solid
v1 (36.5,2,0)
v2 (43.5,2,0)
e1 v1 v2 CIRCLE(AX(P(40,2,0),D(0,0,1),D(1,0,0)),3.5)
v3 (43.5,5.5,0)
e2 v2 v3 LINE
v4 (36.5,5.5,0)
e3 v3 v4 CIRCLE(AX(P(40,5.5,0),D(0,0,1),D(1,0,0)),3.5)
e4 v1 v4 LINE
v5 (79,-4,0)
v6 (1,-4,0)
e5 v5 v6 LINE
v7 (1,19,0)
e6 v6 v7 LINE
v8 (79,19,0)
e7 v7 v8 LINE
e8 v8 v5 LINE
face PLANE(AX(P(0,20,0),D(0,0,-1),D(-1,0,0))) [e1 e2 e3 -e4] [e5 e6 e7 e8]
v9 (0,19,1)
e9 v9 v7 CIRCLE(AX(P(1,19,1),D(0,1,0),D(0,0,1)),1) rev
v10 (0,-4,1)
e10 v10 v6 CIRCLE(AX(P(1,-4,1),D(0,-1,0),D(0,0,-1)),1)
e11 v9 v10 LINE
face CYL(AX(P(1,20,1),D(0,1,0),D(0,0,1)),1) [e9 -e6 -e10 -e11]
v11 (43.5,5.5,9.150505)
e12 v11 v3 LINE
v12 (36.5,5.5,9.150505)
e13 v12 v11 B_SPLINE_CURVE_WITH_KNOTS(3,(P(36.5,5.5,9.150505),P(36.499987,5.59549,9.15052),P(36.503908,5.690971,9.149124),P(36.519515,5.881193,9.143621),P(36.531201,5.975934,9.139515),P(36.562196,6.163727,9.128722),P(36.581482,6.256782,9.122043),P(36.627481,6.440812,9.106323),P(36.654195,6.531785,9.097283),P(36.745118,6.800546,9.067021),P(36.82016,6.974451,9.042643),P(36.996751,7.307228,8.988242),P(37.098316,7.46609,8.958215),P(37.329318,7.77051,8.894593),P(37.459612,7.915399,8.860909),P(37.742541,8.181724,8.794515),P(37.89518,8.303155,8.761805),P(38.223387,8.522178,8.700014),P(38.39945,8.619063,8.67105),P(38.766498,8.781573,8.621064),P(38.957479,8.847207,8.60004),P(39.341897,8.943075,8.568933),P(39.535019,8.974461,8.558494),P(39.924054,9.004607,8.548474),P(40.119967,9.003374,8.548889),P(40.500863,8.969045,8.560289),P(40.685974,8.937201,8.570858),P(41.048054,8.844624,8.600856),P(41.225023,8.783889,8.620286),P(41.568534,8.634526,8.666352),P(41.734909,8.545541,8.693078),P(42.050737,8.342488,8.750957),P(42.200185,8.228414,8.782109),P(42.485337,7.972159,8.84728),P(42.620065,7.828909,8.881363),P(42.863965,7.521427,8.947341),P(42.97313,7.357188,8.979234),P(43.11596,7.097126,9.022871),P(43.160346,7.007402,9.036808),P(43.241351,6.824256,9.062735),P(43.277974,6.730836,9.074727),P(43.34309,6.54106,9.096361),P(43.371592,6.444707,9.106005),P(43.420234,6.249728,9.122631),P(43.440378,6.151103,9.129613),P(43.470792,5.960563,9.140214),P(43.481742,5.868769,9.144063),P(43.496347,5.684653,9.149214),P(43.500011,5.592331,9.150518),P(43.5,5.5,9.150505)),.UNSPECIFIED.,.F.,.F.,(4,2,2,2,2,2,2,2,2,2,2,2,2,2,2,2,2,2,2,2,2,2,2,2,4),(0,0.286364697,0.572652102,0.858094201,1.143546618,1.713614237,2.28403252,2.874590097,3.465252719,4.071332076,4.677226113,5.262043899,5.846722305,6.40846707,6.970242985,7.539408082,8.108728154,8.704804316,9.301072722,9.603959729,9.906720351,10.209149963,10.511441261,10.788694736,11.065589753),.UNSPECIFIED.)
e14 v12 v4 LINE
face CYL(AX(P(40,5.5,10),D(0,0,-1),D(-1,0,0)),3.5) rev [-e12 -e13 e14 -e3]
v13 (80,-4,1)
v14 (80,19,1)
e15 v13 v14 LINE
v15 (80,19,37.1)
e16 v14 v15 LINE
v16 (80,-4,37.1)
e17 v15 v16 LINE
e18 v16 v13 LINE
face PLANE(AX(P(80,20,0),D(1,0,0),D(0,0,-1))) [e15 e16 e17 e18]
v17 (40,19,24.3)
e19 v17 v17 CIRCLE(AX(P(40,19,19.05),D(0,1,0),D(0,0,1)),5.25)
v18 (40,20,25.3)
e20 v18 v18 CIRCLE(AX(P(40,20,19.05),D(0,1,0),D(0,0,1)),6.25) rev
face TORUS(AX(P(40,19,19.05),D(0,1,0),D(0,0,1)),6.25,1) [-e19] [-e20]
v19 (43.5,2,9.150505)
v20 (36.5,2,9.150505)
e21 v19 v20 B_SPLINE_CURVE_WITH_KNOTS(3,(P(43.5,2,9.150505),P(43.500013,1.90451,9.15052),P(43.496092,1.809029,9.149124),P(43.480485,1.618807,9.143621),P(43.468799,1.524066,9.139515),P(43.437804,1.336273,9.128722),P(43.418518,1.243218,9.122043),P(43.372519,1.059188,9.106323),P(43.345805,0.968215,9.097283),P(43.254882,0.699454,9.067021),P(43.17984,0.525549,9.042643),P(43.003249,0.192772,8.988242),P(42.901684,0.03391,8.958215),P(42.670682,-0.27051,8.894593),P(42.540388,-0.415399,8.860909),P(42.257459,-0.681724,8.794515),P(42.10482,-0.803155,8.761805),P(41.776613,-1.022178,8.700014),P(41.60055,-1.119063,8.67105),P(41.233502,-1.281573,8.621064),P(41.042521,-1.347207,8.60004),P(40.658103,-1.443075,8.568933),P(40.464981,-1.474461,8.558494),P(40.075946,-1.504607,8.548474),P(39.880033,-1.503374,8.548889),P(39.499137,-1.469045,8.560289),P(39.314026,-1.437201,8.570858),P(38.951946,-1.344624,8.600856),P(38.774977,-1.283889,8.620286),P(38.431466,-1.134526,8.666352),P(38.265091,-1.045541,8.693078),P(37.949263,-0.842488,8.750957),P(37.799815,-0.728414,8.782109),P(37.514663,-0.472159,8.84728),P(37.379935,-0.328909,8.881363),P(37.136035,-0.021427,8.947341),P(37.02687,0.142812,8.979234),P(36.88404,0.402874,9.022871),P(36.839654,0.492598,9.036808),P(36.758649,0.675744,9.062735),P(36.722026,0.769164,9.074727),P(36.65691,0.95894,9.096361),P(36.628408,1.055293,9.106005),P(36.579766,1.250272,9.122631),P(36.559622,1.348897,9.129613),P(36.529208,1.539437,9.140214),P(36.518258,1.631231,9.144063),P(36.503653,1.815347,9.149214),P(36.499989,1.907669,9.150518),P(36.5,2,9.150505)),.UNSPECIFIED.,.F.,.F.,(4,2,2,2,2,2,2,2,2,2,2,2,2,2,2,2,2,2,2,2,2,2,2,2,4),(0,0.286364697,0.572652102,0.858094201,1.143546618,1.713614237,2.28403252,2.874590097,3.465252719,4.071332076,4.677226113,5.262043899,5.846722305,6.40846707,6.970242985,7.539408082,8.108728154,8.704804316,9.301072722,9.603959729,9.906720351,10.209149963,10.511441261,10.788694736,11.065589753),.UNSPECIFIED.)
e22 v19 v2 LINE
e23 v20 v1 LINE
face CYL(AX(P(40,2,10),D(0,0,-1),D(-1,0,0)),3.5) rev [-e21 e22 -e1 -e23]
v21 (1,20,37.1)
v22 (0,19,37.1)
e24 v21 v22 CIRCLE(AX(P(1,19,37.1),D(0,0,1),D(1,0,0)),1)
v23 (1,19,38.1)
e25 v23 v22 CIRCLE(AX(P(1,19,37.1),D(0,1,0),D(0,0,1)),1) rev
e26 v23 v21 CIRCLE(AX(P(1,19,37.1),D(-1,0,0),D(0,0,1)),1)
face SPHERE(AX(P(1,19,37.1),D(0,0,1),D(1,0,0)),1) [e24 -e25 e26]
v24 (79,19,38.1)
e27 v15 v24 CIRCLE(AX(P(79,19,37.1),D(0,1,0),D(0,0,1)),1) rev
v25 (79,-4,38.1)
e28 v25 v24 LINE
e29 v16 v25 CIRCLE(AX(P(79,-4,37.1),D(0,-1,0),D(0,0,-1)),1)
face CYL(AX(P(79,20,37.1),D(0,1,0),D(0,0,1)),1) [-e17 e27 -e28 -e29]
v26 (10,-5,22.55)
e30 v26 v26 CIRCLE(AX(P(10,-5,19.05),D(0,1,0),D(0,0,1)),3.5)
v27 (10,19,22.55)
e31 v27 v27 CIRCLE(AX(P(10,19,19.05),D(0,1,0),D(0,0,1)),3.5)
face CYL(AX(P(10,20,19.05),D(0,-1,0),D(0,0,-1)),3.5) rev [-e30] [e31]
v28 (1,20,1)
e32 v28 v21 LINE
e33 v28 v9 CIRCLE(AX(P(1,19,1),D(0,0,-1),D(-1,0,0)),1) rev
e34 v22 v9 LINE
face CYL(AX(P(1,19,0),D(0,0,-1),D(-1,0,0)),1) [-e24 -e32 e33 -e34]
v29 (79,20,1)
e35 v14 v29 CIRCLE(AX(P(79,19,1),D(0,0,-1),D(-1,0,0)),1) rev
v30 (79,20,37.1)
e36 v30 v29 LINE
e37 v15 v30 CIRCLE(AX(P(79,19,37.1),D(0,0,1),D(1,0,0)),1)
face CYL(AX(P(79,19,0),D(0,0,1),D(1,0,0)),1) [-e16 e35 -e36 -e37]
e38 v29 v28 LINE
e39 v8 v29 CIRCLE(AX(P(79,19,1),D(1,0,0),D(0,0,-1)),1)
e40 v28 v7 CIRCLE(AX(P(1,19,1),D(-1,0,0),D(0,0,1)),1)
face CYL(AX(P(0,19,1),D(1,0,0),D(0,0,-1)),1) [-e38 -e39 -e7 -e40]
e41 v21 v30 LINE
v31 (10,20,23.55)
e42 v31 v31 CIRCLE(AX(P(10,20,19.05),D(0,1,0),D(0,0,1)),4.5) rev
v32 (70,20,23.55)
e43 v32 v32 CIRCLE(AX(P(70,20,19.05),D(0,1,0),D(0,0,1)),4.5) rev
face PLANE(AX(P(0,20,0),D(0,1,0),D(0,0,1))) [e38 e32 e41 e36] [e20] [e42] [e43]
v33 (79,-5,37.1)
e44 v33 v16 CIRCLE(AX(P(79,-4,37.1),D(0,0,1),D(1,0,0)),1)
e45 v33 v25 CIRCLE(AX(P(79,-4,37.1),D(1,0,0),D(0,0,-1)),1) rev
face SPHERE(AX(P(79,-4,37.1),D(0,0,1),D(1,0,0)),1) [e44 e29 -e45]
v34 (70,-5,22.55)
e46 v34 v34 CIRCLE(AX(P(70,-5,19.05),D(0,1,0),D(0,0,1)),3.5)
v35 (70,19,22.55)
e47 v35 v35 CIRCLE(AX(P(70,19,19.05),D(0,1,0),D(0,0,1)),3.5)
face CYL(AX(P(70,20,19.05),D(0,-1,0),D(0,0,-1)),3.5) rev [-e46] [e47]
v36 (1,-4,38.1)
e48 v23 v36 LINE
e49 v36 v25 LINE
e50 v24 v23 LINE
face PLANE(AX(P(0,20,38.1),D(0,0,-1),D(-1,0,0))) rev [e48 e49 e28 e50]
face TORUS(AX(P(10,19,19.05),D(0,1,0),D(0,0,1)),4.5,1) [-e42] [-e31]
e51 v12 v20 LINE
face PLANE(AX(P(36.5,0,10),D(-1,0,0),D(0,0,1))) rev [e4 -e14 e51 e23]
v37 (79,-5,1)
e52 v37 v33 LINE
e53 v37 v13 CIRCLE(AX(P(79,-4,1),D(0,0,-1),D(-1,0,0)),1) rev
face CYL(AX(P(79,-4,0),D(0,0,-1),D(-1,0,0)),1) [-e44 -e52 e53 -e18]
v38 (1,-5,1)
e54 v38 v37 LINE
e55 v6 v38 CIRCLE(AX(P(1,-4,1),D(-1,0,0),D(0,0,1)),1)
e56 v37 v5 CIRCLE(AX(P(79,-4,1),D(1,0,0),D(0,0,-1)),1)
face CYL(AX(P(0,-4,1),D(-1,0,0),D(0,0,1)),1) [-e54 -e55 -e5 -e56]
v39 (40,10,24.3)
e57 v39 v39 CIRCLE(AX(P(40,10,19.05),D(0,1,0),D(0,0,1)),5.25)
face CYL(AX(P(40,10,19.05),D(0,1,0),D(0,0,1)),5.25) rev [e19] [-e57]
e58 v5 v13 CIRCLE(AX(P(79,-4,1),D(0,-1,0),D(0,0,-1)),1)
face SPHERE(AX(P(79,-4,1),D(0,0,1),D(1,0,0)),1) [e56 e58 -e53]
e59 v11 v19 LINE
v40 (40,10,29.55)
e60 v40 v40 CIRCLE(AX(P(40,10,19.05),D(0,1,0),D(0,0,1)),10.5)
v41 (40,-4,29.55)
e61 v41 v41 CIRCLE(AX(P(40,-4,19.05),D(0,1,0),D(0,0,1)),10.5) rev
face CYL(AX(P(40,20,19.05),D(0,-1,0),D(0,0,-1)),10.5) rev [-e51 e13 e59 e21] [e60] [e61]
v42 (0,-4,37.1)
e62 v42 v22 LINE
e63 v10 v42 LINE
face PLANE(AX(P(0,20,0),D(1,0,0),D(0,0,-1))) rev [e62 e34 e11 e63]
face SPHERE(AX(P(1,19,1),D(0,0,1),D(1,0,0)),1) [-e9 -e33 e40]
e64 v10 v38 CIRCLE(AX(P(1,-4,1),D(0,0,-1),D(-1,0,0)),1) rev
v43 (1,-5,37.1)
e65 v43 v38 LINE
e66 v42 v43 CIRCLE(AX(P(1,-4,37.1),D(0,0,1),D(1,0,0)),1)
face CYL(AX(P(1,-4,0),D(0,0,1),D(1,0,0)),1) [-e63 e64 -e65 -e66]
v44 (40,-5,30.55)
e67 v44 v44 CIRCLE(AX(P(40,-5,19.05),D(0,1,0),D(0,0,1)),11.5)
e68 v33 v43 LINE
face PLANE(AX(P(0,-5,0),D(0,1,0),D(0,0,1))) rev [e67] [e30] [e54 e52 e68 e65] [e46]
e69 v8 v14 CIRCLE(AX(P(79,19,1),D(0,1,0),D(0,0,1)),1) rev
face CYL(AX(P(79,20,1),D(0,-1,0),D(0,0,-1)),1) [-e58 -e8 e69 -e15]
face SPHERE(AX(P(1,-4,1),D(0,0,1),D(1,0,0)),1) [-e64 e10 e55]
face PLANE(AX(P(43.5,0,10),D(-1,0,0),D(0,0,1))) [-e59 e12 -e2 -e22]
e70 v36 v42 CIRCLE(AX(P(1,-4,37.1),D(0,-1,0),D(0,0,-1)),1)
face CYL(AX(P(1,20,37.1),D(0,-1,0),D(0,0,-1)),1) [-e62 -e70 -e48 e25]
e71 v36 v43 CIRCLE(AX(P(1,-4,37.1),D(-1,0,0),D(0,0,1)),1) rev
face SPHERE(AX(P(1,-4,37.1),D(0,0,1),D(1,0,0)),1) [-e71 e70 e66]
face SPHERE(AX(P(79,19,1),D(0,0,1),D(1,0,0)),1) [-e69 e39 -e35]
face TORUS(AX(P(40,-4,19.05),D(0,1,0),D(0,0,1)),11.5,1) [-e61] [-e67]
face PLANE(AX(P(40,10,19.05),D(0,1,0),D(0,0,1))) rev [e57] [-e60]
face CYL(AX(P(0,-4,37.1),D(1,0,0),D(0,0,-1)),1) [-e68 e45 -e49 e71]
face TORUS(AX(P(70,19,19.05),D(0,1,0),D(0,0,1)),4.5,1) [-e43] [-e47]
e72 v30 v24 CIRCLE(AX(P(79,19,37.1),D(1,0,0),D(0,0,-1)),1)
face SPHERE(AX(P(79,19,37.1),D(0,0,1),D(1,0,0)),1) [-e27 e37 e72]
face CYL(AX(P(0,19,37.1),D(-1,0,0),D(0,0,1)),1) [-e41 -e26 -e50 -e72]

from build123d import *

# Parameters (mm, degrees)
SKETCH1_W           = 80
SKETCH1_H           = 38.1
SKETCH1_R           = 5
SKETCH1_R_2         = 10.5
SKETCH1_R_3         = 3.5
BOSS_EXTRUDE1_DEPTH = 20
BOSS_EXTRUDE2_START = 10
SKETCH1_4_R         = 10.5
SKETCH1_4_R_2       = 5.25
BOSS_EXTRUDE2_DEPTH = 10
BOSS_EXTRUDE4_START = -5
SKETCH1_6_W         = 80
SKETCH1_6_H         = 38.1
SKETCH1_6_R         = 5
SKETCH1_6_R_2       = 10.5
SKETCH1_6_R_3       = 3.5
BOSS_EXTRUDE4_DEPTH = 5
FILLET2_R           = 1
SKETCH3_R           = 3.5
CUT_EXTRUDE1_DEPTH  = 10


with BuildPart() as part:
    # Sketch1 → Boss-Extrude1 (new body)
    # profile 1 of 3: a face of its own
    with BuildSketch(Plane(origin=(0, 0, 0), x_dir=(1, 0, 0), z_dir=(0, 1, 0))):
        with Locations((40, -19.05)):
            Rectangle(SKETCH1_W, SKETCH1_H)
        with Locations((70, -19.05)):
            Circle(SKETCH1_R, mode=Mode.SUBTRACT)
        with Locations((10, -19.05)):
            Circle(SKETCH1_R, mode=Mode.SUBTRACT)
        with Locations(Location((40, -19.05, 0), (0, 0, 270))):
            Circle(SKETCH1_R_2, mode=Mode.SUBTRACT)
    # profile 2 of 3: a face of its own
    with BuildSketch(Plane(origin=(0, 0, 0), x_dir=(1, 0, 0), z_dir=(0, 1, 0))):
        with Locations((10, -19.05)):
            Circle(SKETCH1_R)
        with Locations(Location((10, -19.05, 0), (0, 0, 270))):
            Circle(SKETCH1_R_3, mode=Mode.SUBTRACT)
    # profile 3 of 3: a face of its own
    with BuildSketch(Plane(origin=(0, 0, 0), x_dir=(1, 0, 0), z_dir=(0, 1, 0))):
        with Locations((70, -19.05)):
            Circle(SKETCH1_R)
        with Locations(Location((70, -19.05, 0), (0, 0, 270))):
            Circle(SKETCH1_R_3, mode=Mode.SUBTRACT)
    extrude(amount=BOSS_EXTRUDE1_DEPTH)

    # Sketch1<4> → Boss-Extrude2 (add)
    with BuildSketch(Plane(origin=(0, 0, 0), x_dir=(1, 0, 0), z_dir=(0, 1, 0)).offset(BOSS_EXTRUDE2_START)):
        with Locations(Location((40, -19.05, 0), (0, 0, 270))):
            Circle(SKETCH1_4_R)
        with Locations(Location((40, -19.05, 0), (0, 0, 270))):
            Circle(SKETCH1_4_R_2, mode=Mode.SUBTRACT)
    extrude(amount=BOSS_EXTRUDE2_DEPTH)

    # Sketch1<6> → Boss-Extrude4 (add)
    # profile 1 of 3: a face of its own
    with BuildSketch(Plane(origin=(0, 0, 0), x_dir=(1, 0, 0), z_dir=(0, 1, 0)).offset(BOSS_EXTRUDE4_START)):
        with Locations((40, -19.05)):
            Rectangle(SKETCH1_6_W, SKETCH1_6_H)
        with Locations((70, -19.05)):
            Circle(SKETCH1_6_R, mode=Mode.SUBTRACT)
        with Locations((10, -19.05)):
            Circle(SKETCH1_6_R, mode=Mode.SUBTRACT)
        with Locations(Location((40, -19.05, 0), (0, 0, 270))):
            Circle(SKETCH1_6_R_2, mode=Mode.SUBTRACT)
    # profile 2 of 3: a face of its own
    with BuildSketch(Plane(origin=(0, 0, 0), x_dir=(1, 0, 0), z_dir=(0, 1, 0)).offset(BOSS_EXTRUDE4_START)):
        with Locations((70, -19.05)):
            Circle(SKETCH1_6_R)
        with Locations(Location((70, -19.05, 0), (0, 0, 270))):
            Circle(SKETCH1_6_R_3, mode=Mode.SUBTRACT)
    # profile 3 of 3: a face of its own
    with BuildSketch(Plane(origin=(0, 0, 0), x_dir=(1, 0, 0), z_dir=(0, 1, 0)).offset(BOSS_EXTRUDE4_START)):
        with Locations((10, -19.05)):
            Circle(SKETCH1_6_R)
        with Locations(Location((10, -19.05, 0), (0, 0, 270))):
            Circle(SKETCH1_6_R_3, mode=Mode.SUBTRACT)
    extrude(amount=BOSS_EXTRUDE4_DEPTH)

    # Fillet2
    fillet2_edges = [part.edges().sort_by_distance(p)[0] for p in [
        (80, 20, 19.05),
        (80, 7.5, 38.1),
        (0, 7.5, 38.1),
        (0, 7.5, 0),
        (80, 7.5, 0),
        (40, 20, 0),
        (0, 20, 19.05),
        (40, 20, 13.8),
        (40, 20, 38.1),
        (40, -5, 38.1),
        (0, -5, 19.05),
        (40, -5, 8.55),
        (10, 20, 15.55),
        (80, -5, 19.05),
        (40, -5, 0),
        (70, 20, 15.55),
    ]]
    fillet(fillet2_edges, radius=FILLET2_R)

    # Sketch3 → Cut-Extrude1 (cut)
    with BuildSketch(Plane.XY):
        with Locations((40, 5.5)):
            Circle(SKETCH3_R)
        with Locations((40, 2)):
            Circle(SKETCH3_R)
        with BuildLine():
            ThreePointArc((43.031088913, 3.75), (43.380740392, 2.905866658), (43.5, 2))
            Line((43.5, 2), (43.5, 5.5))
            ThreePointArc((43.5, 5.5), (43.380740392, 4.594133342), (43.031088913, 3.75))
        make_face()
        with BuildLine():
            Line((36.5, 5.5), (36.5, 2))
            ThreePointArc((36.5, 2), (36.619259608, 2.905866658), (36.968911087, 3.75))
            ThreePointArc((36.968911087, 3.75), (36.619259608, 4.594133342), (36.5, 5.5))
        make_face()
    extrude(amount=CUT_EXTRUDE1_DEPTH, mode=Mode.SUBTRACT)


solid = part.part
